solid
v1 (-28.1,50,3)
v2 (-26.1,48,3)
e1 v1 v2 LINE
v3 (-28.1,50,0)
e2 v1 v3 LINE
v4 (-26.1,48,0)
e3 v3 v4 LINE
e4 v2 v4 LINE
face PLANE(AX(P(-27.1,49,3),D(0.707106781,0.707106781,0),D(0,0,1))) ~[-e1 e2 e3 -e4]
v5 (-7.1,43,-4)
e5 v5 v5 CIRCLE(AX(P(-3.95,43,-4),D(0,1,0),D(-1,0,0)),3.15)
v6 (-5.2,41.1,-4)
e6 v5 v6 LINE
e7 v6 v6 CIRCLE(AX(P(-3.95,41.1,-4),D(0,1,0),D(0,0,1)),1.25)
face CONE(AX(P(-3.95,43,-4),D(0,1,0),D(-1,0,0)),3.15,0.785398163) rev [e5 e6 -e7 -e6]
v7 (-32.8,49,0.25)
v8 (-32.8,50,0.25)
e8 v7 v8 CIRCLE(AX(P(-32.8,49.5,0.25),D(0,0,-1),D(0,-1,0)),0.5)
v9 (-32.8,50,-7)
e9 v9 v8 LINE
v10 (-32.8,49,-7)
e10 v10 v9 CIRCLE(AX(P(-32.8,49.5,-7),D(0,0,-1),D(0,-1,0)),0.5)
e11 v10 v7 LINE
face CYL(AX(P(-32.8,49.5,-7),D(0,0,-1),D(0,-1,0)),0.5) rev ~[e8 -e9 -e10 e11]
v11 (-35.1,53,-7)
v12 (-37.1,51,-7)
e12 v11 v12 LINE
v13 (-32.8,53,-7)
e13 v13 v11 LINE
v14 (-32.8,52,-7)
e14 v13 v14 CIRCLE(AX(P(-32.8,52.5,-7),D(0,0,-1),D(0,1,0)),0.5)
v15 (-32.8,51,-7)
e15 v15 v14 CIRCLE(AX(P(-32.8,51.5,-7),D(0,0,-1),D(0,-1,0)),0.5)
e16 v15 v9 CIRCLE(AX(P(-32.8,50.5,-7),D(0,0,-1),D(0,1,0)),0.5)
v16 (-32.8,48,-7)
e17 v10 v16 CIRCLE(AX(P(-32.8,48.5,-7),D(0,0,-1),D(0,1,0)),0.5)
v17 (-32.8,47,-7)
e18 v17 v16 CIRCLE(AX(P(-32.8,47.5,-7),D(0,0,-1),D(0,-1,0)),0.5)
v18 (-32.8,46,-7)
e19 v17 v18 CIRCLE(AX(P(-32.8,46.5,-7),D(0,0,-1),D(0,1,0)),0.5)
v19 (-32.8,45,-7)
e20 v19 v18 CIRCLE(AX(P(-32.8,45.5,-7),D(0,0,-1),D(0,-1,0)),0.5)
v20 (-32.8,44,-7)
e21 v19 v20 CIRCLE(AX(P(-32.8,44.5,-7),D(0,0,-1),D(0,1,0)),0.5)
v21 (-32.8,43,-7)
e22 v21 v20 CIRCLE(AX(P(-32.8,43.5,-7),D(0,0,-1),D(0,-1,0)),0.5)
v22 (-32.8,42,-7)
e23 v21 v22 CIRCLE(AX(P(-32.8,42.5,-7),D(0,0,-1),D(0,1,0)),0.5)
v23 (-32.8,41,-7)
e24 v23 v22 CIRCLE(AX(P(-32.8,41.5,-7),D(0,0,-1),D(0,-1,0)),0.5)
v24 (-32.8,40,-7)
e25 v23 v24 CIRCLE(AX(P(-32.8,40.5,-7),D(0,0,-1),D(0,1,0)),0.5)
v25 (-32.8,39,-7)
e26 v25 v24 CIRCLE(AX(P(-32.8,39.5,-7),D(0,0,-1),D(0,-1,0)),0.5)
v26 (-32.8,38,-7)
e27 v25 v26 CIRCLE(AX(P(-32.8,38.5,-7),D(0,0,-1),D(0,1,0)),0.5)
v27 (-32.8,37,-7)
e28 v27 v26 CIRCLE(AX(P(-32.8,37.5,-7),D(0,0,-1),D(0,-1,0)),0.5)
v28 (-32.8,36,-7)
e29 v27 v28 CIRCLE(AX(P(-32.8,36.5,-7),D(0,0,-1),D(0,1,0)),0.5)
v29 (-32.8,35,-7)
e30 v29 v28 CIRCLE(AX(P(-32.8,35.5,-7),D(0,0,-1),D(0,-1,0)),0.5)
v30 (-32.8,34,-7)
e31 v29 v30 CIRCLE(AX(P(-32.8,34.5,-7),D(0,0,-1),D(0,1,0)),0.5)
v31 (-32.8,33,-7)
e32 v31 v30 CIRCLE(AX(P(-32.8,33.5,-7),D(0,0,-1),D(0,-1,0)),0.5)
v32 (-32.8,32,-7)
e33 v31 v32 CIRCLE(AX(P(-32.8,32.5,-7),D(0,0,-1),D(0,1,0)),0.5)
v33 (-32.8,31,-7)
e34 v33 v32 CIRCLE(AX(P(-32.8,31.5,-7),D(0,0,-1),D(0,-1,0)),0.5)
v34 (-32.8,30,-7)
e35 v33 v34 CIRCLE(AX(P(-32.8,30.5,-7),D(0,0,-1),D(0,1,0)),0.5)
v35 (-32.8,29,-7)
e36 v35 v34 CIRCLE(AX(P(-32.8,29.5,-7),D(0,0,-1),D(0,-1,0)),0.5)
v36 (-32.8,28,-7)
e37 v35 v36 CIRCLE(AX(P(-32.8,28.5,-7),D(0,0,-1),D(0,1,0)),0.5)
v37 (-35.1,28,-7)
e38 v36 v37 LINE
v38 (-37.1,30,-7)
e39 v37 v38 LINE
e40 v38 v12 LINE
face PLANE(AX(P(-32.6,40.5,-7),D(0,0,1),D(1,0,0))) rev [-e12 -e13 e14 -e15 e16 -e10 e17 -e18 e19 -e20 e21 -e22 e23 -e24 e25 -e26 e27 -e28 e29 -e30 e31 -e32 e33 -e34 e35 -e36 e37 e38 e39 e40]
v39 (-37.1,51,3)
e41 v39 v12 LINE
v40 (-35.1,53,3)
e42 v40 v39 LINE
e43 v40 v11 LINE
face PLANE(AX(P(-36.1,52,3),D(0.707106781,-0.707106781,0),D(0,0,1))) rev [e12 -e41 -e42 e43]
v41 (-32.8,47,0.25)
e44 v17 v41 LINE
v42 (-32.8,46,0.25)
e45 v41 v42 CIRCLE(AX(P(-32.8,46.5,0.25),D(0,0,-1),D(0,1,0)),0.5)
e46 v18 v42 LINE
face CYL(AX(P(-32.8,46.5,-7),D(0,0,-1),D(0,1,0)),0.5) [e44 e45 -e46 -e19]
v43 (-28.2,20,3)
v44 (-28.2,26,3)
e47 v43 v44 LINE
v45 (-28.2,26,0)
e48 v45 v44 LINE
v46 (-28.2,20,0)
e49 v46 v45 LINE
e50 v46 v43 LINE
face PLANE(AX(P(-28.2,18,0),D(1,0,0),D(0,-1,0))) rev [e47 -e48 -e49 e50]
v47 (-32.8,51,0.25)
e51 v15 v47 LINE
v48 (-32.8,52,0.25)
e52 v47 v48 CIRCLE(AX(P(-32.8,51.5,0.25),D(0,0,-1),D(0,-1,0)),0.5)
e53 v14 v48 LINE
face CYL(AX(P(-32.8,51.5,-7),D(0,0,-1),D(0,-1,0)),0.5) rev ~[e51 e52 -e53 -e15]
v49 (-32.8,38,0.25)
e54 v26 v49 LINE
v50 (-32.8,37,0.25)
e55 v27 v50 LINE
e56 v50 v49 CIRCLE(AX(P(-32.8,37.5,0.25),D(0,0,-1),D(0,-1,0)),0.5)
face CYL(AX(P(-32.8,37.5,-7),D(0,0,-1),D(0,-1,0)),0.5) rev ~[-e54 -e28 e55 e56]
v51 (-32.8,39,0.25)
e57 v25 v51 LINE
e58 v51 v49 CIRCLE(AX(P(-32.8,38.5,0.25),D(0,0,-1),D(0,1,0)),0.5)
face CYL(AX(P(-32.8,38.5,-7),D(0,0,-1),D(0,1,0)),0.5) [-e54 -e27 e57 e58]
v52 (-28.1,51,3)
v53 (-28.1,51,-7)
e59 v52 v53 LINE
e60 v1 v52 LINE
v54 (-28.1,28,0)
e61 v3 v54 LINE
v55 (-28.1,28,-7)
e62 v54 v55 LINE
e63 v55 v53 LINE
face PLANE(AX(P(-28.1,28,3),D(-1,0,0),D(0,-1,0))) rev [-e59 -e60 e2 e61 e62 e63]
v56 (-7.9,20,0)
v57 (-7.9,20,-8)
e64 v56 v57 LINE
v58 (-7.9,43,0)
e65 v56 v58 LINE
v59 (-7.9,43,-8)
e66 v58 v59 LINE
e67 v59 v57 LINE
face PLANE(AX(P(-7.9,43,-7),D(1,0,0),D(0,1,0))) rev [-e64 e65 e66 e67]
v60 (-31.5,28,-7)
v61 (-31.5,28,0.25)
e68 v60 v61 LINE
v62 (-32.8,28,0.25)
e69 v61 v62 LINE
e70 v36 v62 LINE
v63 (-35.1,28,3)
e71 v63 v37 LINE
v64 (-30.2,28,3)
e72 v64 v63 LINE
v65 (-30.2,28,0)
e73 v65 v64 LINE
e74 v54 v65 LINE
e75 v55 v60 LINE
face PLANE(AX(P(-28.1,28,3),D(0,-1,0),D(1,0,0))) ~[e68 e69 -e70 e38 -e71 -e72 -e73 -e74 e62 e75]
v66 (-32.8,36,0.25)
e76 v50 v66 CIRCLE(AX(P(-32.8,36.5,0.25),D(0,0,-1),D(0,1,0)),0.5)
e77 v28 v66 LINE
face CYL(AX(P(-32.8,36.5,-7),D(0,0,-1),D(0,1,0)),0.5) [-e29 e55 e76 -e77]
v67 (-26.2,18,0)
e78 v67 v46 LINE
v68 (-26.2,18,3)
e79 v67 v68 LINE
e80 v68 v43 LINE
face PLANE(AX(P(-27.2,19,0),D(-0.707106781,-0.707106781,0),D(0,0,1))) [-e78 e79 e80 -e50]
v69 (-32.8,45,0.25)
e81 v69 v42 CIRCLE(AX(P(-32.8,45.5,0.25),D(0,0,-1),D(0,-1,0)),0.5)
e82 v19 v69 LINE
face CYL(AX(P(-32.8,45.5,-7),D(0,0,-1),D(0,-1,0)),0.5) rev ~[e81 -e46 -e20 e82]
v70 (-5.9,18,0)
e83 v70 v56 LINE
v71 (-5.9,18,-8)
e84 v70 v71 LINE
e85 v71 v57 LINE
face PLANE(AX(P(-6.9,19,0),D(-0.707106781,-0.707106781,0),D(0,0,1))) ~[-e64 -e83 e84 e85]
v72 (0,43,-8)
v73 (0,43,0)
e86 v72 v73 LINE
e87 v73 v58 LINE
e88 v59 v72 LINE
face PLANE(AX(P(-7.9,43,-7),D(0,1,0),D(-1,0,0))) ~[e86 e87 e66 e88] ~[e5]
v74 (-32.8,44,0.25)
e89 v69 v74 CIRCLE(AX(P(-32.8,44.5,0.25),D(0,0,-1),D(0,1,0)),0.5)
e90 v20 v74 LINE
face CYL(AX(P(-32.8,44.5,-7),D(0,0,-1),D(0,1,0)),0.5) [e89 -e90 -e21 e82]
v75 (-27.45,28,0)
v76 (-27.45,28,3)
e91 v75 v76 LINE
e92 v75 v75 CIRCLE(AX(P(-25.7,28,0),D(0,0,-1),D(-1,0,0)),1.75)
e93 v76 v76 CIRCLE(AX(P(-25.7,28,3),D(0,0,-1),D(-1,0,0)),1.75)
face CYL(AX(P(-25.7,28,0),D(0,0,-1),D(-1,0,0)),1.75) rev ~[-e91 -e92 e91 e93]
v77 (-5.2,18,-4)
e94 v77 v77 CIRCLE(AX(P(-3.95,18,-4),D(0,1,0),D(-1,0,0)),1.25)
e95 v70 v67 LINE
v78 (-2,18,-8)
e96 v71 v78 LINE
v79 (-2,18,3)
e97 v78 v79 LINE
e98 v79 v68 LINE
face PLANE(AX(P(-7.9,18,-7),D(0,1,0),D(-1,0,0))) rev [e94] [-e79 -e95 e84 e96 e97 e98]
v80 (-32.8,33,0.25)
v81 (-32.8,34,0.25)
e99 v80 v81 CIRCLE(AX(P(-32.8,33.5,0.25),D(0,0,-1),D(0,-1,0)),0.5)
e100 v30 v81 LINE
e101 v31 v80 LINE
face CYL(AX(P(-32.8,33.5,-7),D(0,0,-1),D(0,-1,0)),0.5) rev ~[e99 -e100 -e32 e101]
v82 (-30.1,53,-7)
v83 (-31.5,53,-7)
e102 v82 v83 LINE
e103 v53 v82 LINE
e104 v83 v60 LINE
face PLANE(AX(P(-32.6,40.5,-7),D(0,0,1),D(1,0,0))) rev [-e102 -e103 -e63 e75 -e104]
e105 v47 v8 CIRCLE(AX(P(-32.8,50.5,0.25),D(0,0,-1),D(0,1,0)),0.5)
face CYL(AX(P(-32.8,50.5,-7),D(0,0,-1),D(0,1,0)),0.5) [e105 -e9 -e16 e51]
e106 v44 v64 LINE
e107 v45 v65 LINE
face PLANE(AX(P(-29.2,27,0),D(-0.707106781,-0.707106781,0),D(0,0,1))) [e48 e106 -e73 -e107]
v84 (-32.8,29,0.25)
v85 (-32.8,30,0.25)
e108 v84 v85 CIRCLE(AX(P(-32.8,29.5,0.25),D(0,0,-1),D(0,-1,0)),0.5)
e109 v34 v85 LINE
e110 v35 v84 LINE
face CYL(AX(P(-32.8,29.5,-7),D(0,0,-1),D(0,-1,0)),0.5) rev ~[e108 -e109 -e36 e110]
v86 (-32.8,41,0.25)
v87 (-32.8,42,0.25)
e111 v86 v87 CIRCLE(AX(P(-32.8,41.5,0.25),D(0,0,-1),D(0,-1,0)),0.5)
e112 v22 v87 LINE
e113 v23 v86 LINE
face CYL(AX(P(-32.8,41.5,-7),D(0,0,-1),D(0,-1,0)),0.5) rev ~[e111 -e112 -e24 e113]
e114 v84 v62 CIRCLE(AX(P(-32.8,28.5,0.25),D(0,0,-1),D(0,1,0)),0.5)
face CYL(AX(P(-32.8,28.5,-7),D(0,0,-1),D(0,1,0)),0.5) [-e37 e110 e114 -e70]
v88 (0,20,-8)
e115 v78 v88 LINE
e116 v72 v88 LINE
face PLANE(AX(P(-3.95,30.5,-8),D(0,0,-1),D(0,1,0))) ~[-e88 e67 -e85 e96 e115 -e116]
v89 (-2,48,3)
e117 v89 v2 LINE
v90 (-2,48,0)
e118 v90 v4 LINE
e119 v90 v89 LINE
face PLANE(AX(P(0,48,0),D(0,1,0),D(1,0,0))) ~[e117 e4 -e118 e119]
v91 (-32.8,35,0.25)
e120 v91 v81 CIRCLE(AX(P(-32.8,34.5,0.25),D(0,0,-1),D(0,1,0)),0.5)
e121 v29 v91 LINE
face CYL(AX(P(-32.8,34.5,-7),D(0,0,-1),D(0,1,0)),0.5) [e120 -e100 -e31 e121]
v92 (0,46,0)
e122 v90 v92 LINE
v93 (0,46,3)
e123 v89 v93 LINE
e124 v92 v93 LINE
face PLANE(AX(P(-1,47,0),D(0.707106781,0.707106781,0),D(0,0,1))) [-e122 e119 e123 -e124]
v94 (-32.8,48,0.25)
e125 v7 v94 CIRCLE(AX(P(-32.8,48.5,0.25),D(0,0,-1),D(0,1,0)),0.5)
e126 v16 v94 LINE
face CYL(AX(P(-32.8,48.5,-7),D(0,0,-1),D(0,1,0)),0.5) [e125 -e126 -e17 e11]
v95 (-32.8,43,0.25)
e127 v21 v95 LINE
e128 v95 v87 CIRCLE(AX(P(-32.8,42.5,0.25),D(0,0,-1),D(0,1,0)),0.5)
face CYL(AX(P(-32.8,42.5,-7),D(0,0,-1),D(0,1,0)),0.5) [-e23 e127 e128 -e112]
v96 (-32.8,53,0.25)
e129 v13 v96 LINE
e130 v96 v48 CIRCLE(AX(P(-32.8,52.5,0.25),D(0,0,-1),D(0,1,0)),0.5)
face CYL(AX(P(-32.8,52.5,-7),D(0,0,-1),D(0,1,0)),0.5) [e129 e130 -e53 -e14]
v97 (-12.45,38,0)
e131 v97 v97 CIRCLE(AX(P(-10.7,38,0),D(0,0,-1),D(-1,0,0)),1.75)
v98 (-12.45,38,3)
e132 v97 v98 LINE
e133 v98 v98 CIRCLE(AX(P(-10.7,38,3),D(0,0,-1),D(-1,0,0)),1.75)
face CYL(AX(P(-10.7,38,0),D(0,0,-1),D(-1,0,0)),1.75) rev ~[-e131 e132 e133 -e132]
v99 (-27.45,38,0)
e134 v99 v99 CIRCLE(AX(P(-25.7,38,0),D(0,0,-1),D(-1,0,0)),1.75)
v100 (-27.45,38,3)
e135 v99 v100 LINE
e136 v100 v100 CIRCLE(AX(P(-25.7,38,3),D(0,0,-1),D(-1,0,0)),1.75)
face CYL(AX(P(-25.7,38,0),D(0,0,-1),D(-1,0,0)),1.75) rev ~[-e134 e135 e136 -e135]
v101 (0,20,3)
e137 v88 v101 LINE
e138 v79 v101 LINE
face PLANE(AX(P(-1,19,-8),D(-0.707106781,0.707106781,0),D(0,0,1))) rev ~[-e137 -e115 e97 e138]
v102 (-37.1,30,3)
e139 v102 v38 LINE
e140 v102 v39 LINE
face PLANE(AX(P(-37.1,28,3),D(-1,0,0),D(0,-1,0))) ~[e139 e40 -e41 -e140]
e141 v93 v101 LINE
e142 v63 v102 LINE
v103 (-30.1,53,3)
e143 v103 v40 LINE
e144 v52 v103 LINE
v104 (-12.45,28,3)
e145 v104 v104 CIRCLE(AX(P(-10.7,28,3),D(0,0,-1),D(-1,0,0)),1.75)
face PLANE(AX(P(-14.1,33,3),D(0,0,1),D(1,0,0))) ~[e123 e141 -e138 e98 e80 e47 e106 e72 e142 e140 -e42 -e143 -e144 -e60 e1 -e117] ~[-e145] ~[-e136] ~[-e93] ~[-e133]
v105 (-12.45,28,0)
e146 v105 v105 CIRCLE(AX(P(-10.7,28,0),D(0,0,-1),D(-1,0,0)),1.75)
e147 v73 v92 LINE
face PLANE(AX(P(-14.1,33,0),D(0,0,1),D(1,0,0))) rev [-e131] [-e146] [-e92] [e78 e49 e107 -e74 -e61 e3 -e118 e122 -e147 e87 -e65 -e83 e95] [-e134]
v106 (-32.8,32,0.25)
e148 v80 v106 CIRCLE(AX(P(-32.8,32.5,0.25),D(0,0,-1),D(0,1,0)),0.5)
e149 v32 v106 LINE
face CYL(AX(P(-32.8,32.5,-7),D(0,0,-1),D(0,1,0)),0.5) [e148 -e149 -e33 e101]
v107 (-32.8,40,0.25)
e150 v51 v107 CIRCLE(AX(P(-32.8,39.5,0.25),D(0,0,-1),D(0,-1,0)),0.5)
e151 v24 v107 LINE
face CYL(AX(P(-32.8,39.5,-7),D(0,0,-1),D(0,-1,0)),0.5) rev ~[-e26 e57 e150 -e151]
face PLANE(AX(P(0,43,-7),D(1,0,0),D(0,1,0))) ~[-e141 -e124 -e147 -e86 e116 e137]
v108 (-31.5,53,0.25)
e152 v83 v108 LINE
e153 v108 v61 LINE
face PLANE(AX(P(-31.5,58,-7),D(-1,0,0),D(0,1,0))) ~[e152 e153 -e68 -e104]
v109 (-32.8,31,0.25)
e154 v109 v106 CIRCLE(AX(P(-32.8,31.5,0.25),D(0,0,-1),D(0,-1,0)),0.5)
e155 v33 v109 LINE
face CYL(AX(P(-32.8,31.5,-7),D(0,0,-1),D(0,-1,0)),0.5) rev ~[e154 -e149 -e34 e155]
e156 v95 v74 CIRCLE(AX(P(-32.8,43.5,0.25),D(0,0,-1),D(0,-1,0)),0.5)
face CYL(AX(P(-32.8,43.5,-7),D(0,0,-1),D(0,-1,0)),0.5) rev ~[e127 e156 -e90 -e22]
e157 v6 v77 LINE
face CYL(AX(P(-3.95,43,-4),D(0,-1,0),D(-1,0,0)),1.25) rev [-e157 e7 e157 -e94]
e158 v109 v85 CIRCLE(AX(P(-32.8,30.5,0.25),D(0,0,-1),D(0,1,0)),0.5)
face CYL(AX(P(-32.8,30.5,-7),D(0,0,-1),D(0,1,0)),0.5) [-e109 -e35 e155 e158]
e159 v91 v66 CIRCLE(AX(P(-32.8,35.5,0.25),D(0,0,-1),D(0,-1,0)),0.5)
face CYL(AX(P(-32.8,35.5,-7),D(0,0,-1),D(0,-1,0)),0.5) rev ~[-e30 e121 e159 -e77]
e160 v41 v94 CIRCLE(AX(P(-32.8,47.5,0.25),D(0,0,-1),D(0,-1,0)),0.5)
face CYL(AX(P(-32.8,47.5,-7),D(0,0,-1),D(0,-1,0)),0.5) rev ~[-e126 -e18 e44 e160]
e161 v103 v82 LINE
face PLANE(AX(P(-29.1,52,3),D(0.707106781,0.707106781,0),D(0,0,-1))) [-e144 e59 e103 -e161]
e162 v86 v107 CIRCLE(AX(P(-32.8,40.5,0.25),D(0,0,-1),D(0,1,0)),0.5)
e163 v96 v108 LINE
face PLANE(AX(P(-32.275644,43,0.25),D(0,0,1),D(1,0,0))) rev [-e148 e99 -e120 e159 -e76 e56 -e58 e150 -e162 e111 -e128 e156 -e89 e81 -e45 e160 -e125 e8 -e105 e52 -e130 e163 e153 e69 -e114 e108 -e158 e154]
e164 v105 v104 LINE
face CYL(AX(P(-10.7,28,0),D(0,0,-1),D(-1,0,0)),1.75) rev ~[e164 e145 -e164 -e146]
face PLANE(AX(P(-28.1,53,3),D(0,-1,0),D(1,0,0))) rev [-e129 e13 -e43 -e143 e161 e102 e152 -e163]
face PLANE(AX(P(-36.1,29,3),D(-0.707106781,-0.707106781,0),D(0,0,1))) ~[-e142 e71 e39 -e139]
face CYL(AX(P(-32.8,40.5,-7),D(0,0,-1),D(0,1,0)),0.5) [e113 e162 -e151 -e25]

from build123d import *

# Parameters (mm, degrees)
SKETCH_W         = 28.2
SKETCH_H         = 30
SKETCH_R         = 1.75
PAD_DEPTH        = 3
SKETCH002_W      = 9
SKETCH002_H      = 25
SKETCH002_W_2    = 7.9
PAD002_DEPTH     = 10
POCKET_DEPTH     = 7.25
POCKET_FACE46_W  = 25
POCKET_FACE46_H  = 7.9
PAD003_DEPTH     = 1
HOLE_D           = 2.5
HOLE_DEPTH       = 30
HOLE_CSINK_D     = 6.3
HOLE_CSINK_ANGLE = 90
CHAMFER_SIZE     = 2


with BuildPart() as inverted_body:
    # Sketch → Pad (new body)
    with BuildSketch(Plane.XY):
        with Locations((14.1, 33)):
            Rectangle(SKETCH_W, SKETCH_H)
        with Locations((10.7, 38)):
            Circle(SKETCH_R, mode=Mode.SUBTRACT)
        with Locations((25.7, 38)):
            Circle(SKETCH_R, mode=Mode.SUBTRACT)
        with Locations((25.7, 28)):
            Circle(SKETCH_R, mode=Mode.SUBTRACT)
        with Locations((10.7, 28)):
            Circle(SKETCH_R, mode=Mode.SUBTRACT)
    extrude(amount=PAD_DEPTH)

    # Sketch002 (on DatumPlane) → Pad002 (join)
    with BuildSketch(Plane.XY.offset(3)):
        with Locations((32.6, 40.5)):
            Rectangle(SKETCH002_W, SKETCH002_H)
        with Locations((3.95, 30.5)):
            Rectangle(SKETCH002_W_2, SKETCH002_H)
    extrude(amount=-PAD002_DEPTH)

    # Sketch003 → Pocket (cut)
    with BuildSketch(Plane(origin=(-0.5, 10, -7), x_dir=(1, 0, 0), z_dir=(0, 0, 1))):
        with BuildLine():
            Line((33.3, 48), (32, 48))
            Line((32, 48), (32, 18))
            Line((32, 18), (33.3, 18))
            ThreePointArc((33.3, 19), (32.8, 18.5), (33.3, 18))
            ThreePointArc((33.3, 19), (33.8, 19.5), (33.3, 20))
            ThreePointArc((33.3, 21), (32.8, 20.5), (33.3, 20))
            ThreePointArc((33.3, 21), (33.8, 21.5), (33.3, 22))
            ThreePointArc((33.3, 23), (32.8, 22.5), (33.3, 22))
            ThreePointArc((33.3, 23), (33.8, 23.5), (33.3, 24))
            ThreePointArc((33.3, 25), (32.8, 24.5), (33.3, 24))
            ThreePointArc((33.3, 25), (33.8, 25.5), (33.3, 26))
            ThreePointArc((33.3, 27), (32.8, 26.5), (33.3, 26))
            ThreePointArc((33.3, 27), (33.8, 27.5), (33.3, 28))
            ThreePointArc((33.3, 29), (32.8, 28.5), (33.3, 28))
            ThreePointArc((33.3, 29), (33.8, 29.5), (33.3, 30))
            ThreePointArc((33.3, 31), (32.8, 30.5), (33.3, 30))
            ThreePointArc((33.3, 31), (33.8, 31.5), (33.3, 32))
            ThreePointArc((33.3, 33), (32.8, 32.5), (33.3, 32))
            ThreePointArc((33.3, 33), (33.8, 33.5), (33.3, 34))
            ThreePointArc((33.3, 35), (32.8, 34.5), (33.3, 34))
            ThreePointArc((33.3, 35), (33.8, 35.5), (33.3, 36))
            ThreePointArc((33.3, 37), (32.8, 36.5), (33.3, 36))
            ThreePointArc((33.3, 37), (33.8, 37.5), (33.3, 38))
            ThreePointArc((33.3, 39), (32.8, 38.5), (33.3, 38))
            ThreePointArc((33.3, 39), (33.8, 39.5), (33.3, 40))
            ThreePointArc((33.3, 41), (32.8, 40.5), (33.3, 40))
            ThreePointArc((33.3, 41), (33.8, 41.5), (33.3, 42))
            ThreePointArc((33.3, 43), (32.8, 42.5), (33.3, 42))
            ThreePointArc((33.3, 43), (33.8, 43.5), (33.3, 44))
            ThreePointArc((33.3, 45), (32.8, 44.5), (33.3, 44))
            ThreePointArc((33.3, 45), (33.8, 45.5), (33.3, 46))
            ThreePointArc((33.3, 47), (32.8, 46.5), (33.3, 46))
            ThreePointArc((33.3, 47), (33.8, 47.5), (33.3, 48))
        make_face()
    extrude(amount=POCKET_DEPTH, mode=Mode.SUBTRACT)

    # Pocket Face46 → Pad003 (add)
    with BuildSketch(Plane(origin=(3.95, 30.5, -7), x_dir=(0, -1, 0), z_dir=(0, 0, -1))):
        Rectangle(POCKET_FACE46_W, POCKET_FACE46_H)
    extrude(amount=PAD003_DEPTH)

    # Hole
    with Locations(Plane(origin=(0, 43, 0), x_dir=(-1, 0, 0), z_dir=(0, 1, 0))):
        with Locations((-3.95, -4)):
            CounterSinkHole(HOLE_D / 2, HOLE_CSINK_D / 2, depth=HOLE_DEPTH, counter_sink_angle=HOLE_CSINK_ANGLE)

    # Chamfer
    chamfer_edges = [inverted_body.edges().sort_by_distance(p)[0] for p in [
        (28.1, 53, -2),
        (37.1, 53, -2),
        (0, 48, 1.5),
        (0, 18, -2),
        (7.9, 18, -3.5),
        (28.2, 18, 1.5),
        (37.1, 28, -2),
        (7.9, 18, -7.5),
        (0, 18, -7.5),
        (28.2, 28, 1.5),
        (28.1, 48, 1.5),
    ]]
    chamfer(chamfer_edges, length=CHAMFER_SIZE)


with BuildPart() as body:
    # Part__Mirroring: instance of inverted-body
    add(inverted_body.part.mirror(Plane(origin=(0, 0, 0), x_dir=(0, -1, 0), z_dir=(1, 0, 0))))


solid = body.part
